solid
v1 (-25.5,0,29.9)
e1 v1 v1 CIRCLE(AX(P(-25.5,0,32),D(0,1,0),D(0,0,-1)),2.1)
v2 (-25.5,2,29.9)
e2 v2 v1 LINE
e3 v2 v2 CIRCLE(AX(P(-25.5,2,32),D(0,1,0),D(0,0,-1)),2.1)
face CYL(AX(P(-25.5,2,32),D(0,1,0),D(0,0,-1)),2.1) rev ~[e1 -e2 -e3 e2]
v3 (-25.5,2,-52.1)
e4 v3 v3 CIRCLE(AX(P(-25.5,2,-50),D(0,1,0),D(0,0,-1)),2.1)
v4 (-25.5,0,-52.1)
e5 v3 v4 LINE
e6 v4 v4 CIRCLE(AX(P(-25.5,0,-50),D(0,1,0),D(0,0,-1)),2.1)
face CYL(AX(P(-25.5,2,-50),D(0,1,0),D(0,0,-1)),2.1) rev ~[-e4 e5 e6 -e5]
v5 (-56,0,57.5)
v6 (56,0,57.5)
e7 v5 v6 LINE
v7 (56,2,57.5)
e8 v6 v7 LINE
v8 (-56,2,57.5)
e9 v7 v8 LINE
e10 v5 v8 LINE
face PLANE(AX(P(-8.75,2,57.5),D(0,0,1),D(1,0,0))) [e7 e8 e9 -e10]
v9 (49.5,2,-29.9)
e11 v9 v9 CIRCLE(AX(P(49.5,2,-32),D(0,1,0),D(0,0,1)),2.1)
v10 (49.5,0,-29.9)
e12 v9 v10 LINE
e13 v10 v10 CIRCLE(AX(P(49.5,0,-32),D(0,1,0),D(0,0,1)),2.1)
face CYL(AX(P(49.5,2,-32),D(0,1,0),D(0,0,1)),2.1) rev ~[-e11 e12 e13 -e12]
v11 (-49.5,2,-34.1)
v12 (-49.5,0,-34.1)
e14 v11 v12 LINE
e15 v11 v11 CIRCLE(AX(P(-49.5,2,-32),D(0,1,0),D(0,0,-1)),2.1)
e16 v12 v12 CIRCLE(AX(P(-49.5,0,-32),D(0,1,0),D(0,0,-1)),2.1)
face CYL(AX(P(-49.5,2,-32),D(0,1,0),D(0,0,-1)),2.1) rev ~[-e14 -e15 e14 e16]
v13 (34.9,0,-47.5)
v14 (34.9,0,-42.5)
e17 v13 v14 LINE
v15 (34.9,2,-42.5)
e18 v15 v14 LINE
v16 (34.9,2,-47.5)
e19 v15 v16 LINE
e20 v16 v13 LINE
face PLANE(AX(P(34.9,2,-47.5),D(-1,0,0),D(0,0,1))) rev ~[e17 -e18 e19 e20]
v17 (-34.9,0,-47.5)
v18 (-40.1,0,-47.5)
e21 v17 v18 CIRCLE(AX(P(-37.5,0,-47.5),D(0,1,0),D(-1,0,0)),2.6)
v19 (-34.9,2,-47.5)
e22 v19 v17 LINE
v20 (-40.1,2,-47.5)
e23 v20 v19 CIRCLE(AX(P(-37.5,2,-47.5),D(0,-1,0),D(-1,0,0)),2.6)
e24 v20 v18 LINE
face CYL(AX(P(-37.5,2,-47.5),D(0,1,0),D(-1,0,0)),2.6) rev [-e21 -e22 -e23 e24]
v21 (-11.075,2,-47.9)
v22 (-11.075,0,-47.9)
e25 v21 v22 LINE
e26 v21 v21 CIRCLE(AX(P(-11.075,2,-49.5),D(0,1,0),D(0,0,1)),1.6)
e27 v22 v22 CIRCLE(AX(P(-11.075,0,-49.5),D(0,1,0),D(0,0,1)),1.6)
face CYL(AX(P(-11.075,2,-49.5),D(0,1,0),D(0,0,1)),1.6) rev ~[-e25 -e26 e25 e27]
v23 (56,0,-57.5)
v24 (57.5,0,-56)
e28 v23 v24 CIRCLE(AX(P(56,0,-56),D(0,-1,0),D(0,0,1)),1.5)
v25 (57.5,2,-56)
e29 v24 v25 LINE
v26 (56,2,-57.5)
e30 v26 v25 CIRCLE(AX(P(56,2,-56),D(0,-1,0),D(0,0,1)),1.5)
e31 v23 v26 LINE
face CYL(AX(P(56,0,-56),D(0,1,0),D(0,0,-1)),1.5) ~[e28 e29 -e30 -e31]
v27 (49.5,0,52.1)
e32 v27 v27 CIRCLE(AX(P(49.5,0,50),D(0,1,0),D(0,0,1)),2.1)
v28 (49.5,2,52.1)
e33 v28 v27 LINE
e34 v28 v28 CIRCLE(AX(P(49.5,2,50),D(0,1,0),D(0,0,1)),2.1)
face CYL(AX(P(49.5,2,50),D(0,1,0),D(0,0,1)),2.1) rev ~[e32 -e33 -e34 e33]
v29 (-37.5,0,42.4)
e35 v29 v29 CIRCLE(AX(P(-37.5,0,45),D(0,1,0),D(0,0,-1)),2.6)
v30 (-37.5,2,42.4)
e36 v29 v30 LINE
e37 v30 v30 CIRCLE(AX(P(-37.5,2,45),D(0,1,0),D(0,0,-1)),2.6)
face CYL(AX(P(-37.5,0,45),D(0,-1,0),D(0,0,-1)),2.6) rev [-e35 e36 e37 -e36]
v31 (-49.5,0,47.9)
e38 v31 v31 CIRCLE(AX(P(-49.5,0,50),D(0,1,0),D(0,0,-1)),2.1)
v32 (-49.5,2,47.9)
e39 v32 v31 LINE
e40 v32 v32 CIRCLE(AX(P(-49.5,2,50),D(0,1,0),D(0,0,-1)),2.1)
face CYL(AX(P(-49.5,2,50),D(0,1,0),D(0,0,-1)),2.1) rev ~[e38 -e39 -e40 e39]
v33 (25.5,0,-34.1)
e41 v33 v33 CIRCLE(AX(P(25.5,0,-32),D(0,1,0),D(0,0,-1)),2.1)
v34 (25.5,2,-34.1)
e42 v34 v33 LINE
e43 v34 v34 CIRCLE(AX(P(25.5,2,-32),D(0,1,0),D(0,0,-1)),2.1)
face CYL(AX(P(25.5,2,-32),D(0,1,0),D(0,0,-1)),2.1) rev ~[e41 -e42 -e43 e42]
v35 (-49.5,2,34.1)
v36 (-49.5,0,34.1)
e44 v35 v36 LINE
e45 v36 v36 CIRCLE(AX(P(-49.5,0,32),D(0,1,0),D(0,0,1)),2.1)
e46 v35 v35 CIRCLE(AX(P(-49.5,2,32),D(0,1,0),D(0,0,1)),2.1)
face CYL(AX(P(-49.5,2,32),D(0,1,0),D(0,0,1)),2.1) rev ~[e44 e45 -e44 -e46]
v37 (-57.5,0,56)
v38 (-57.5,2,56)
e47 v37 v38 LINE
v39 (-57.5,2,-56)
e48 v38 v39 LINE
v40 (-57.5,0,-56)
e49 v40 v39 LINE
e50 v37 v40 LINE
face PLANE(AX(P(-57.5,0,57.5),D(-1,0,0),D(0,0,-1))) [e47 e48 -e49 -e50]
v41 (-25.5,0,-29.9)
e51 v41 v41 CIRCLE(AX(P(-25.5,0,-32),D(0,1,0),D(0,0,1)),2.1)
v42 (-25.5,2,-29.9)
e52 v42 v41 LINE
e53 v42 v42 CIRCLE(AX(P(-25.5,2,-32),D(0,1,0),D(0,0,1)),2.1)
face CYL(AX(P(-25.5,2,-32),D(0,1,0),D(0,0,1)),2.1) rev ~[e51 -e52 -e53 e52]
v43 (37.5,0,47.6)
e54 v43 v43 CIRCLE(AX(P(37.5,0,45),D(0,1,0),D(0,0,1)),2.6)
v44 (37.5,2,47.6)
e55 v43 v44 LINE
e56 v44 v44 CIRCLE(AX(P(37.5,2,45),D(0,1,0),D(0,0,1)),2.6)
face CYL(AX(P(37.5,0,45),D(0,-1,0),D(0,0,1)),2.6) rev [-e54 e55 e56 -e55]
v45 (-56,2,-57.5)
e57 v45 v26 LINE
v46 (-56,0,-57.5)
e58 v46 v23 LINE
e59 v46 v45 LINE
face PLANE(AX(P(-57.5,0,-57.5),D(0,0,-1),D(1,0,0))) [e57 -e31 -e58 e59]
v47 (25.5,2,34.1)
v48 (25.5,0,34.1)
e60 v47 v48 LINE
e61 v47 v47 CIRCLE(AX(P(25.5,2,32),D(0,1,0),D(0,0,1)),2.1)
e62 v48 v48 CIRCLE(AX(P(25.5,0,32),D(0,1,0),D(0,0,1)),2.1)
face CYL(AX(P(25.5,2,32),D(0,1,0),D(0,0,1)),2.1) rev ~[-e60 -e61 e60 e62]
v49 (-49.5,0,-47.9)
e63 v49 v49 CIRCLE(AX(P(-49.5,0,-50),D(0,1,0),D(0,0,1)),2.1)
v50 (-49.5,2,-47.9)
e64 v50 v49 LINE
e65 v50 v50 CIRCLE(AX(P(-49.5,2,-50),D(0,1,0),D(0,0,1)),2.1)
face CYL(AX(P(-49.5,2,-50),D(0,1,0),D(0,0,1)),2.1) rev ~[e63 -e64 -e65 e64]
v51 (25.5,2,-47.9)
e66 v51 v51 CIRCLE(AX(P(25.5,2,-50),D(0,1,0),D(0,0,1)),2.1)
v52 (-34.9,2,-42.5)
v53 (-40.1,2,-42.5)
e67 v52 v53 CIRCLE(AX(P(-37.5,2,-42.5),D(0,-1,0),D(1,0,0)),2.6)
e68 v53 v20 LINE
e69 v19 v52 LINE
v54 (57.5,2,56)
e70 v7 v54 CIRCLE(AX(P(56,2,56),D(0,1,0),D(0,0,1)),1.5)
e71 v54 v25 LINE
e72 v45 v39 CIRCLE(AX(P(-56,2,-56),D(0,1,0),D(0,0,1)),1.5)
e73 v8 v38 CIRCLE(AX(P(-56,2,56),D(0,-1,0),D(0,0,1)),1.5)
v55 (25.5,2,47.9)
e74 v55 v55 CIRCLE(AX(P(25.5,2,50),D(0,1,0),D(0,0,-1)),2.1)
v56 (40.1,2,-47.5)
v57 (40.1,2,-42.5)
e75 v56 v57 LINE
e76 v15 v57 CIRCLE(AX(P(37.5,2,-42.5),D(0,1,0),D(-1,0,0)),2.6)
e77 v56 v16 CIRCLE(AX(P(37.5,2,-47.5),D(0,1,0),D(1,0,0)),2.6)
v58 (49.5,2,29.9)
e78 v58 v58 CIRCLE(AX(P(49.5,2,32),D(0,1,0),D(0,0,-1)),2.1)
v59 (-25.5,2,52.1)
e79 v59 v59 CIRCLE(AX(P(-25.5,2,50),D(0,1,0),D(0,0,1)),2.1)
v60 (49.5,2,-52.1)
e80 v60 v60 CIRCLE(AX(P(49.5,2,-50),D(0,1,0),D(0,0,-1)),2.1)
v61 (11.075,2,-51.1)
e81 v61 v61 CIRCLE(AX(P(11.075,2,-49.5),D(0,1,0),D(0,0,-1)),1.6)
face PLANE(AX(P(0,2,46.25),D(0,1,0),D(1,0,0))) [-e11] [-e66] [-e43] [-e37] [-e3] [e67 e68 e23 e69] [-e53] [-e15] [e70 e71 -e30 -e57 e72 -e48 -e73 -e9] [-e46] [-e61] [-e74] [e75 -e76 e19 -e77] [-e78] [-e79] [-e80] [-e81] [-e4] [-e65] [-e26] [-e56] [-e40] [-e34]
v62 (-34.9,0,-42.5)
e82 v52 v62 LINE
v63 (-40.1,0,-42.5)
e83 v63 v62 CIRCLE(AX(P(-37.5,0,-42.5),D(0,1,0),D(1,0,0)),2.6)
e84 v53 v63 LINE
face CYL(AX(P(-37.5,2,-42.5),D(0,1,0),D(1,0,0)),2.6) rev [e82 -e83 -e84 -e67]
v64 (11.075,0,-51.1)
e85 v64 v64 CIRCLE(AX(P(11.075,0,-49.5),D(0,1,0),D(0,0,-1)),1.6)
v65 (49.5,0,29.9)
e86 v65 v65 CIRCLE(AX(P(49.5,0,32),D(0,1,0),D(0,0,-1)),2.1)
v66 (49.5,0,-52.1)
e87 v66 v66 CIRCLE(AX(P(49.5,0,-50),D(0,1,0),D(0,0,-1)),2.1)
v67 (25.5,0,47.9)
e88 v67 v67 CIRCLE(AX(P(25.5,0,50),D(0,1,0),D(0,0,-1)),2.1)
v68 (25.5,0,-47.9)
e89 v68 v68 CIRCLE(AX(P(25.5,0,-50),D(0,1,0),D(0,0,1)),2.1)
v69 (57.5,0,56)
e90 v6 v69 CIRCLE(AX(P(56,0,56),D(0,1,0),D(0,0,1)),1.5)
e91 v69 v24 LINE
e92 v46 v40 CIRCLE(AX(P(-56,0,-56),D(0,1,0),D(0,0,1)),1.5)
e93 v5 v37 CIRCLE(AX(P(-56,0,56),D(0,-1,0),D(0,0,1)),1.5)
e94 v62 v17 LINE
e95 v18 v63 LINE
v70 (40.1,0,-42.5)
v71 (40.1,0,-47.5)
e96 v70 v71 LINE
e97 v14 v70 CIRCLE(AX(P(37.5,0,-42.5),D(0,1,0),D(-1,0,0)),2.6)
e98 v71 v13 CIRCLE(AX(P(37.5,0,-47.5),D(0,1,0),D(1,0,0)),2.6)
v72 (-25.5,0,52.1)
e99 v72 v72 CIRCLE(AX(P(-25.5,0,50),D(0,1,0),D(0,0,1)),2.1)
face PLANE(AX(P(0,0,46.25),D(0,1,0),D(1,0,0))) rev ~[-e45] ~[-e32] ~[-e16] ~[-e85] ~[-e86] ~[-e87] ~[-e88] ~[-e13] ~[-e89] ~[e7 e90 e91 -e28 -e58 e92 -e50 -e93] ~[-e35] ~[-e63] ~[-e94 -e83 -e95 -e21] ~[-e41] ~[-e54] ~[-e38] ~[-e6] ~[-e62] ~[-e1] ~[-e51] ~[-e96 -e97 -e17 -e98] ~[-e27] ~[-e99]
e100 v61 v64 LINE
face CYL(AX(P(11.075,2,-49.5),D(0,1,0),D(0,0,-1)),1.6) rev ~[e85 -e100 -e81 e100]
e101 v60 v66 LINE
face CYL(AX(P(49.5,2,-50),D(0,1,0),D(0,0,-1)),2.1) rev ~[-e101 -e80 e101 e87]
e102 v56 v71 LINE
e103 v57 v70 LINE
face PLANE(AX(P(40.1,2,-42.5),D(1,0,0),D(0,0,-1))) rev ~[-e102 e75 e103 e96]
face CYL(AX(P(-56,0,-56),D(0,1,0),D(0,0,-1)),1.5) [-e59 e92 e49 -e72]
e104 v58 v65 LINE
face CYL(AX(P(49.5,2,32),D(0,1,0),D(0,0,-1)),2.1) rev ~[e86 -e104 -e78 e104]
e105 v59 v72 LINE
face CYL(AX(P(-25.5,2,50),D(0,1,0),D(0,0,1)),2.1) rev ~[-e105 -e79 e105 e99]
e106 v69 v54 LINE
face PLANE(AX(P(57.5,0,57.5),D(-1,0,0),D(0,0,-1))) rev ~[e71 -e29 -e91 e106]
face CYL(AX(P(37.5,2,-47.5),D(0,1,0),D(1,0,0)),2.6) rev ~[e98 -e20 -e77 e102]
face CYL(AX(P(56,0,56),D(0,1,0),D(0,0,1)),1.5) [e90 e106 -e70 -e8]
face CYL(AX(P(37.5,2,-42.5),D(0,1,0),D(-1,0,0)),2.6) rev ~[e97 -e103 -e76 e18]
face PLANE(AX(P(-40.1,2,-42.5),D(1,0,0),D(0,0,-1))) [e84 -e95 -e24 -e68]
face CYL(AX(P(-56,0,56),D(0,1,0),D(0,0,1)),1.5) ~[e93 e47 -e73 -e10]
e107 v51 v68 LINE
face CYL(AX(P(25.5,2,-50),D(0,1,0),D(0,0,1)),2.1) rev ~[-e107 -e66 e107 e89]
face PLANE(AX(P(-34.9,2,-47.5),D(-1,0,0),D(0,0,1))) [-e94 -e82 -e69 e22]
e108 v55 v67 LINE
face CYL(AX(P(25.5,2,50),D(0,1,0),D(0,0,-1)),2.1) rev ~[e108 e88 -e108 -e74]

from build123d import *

# Parameters (mm, degrees)
SKETCH1_W           = 115
SKETCH1_H           = 115
SKETCH1_R           = 2.6
BOSS_EXTRUDE1_DEPTH = 2
SKETCH2_R           = 2.1
CUT_EXTRUDE1_DEPTH  = 82.341871137
SKETCH3_W           = 17.5
SKETCH3_H           = 22.5
CUT_EXTRUDE2_DEPTH  = 82.341871137
SKETCH4_R           = 1.6
CUT_EXTRUDE3_DEPTH  = 82.341871137
CUT_EXTRUDE4_DEPTH  = 82.341871137
SKETCH7_W           = 17.5
SKETCH7_H           = 22.5
BOSS_EXTRUDE2_DEPTH = 2
FILLET1_R           = 1.5


with BuildPart() as part:
    # Sketch1 → Boss-Extrude1 (new body)
    with BuildSketch(Plane(origin=(0, 0, 0), x_dir=(1, 0, 0), z_dir=(0, 1, 0))):
        Rectangle(SKETCH1_W, SKETCH1_H)
        with Locations(Location((-37.5, 45, 0), (0, 0, 270))):
            Circle(SKETCH1_R, mode=Mode.SUBTRACT)
        with Locations(Location((37.5, 45, 0), (0, 0, 90))):
            Circle(SKETCH1_R, mode=Mode.SUBTRACT)
        with Locations(Location((37.5, -45, 0), (0, 0, 270))):
            Circle(SKETCH1_R, mode=Mode.SUBTRACT)
        with Locations(Location((-37.5, -45, 0), (0, 0, 90))):
            Circle(SKETCH1_R, mode=Mode.SUBTRACT)
    extrude(amount=BOSS_EXTRUDE1_DEPTH)

    # Sketch2 → Cut-Extrude1 (cut, through all)
    with BuildSketch(Plane(origin=(0, 2, 0), x_dir=(1, 0, 0), z_dir=(0, 1, 0))):
        with Locations(Location((-49.5, -32, 0), (0, 0, 270))):
            Circle(SKETCH2_R)
        with Locations(Location((-25.5, -32, 0), (0, 0, 90))):
            Circle(SKETCH2_R)
        with Locations(Location((-25.5, -50, 0), (0, 0, 270))):
            Circle(SKETCH2_R)
        with Locations(Location((-49.5, -50, 0), (0, 0, 90))):
            Circle(SKETCH2_R)
        with Locations(Location((25.5, -50, 0), (0, 0, 90))):
            Circle(SKETCH2_R)
        with Locations(Location((49.5, -50, 0), (0, 0, 270))):
            Circle(SKETCH2_R)
        with Locations(Location((49.5, -32, 0), (0, 0, 90))):
            Circle(SKETCH2_R)
        with Locations(Location((25.5, -32, 0), (0, 0, 270))):
            Circle(SKETCH2_R)
        with Locations(Location((49.5, 50, 0), (0, 0, 90))):
            Circle(SKETCH2_R)
        with Locations(Location((49.5, 32, 0), (0, 0, 270))):
            Circle(SKETCH2_R)
        with Locations(Location((25.5, 50, 0), (0, 0, 270))):
            Circle(SKETCH2_R)
        with Locations(Location((25.5, 32, 0), (0, 0, 90))):
            Circle(SKETCH2_R)
        with Locations(Location((-25.5, 50, 0), (0, 0, 90))):
            Circle(SKETCH2_R)
        with Locations(Location((-49.5, 50, 0), (0, 0, 270))):
            Circle(SKETCH2_R)
        with Locations(Location((-49.5, 32, 0), (0, 0, 90))):
            Circle(SKETCH2_R)
        with Locations(Location((-25.5, 32, 0), (0, 0, 270))):
            Circle(SKETCH2_R)
    extrude(amount=-CUT_EXTRUDE1_DEPTH, mode=Mode.SUBTRACT)

    # Sketch3 → Cut-Extrude2 (cut, through all)
    with BuildSketch(Plane(origin=(0, 2, 0), x_dir=(1, 0, 0), z_dir=(0, 1, 0))):
        with Locations((0, -46.25)):
            Rectangle(SKETCH3_W, SKETCH3_H)
    extrude(amount=-CUT_EXTRUDE2_DEPTH, mode=Mode.SUBTRACT)

    # Sketch4 → Cut-Extrude3 (cut, through all)
    with BuildSketch(Plane(origin=(0, 2, 0), x_dir=(1, 0, 0), z_dir=(0, 1, 0))):
        with Locations(Location((-11.075, 49.5, 0), (0, 0, 270))):
            Circle(SKETCH4_R)
        with Locations(Location((11.075, 49.5, 0), (0, 0, 90))):
            Circle(SKETCH4_R)
    extrude(amount=-CUT_EXTRUDE3_DEPTH, mode=Mode.SUBTRACT)

    # Sketch6 → Cut-Extrude4 (cut, through all)
    with BuildSketch(Plane(origin=(0, 2, 0), x_dir=(1, 0, 0), z_dir=(0, 1, 0))):
        with BuildLine():
            Line((-34.9, 47.5), (-34.9, 42.5))
            ThreePointArc((-34.9, 42.5), (-37.5, 39.9), (-40.1, 42.5))
            Line((-40.1, 42.5), (-40.1, 47.5))
            ThreePointArc((-40.1, 47.5), (-37.5, 50.1), (-34.9, 47.5))
        make_face()
        with BuildLine():
            Line((34.9, 47.5), (34.9, 42.5))
            ThreePointArc((34.9, 42.5), (37.5, 39.9), (40.1, 42.5))
            Line((40.1, 42.5), (40.1, 47.5))
            ThreePointArc((40.1, 47.5), (37.5, 50.1), (34.9, 47.5))
        make_face()
    extrude(amount=-CUT_EXTRUDE4_DEPTH, mode=Mode.SUBTRACT)

    # Sketch7 → Boss-Extrude2 (add, through all)
    with BuildSketch(Plane(origin=(0, 2, 0), x_dir=(1, 0, 0), z_dir=(0, 1, 0))):
        with Locations((0, -46.25)):
            Rectangle(SKETCH7_W, SKETCH7_H)
    extrude(amount=-BOSS_EXTRUDE2_DEPTH)

    # Fillet1
    fillet1_edges = [part.edges().sort_by_distance(p)[0] for p in [
        (57.5, 1, 57.5),
        (-57.5, 1, 57.5),
        (-57.5, 1, -57.5),
        (57.5, 1, -57.5),
    ]]
    fillet(fillet1_edges, radius=FILLET1_R)


solid = part.part
